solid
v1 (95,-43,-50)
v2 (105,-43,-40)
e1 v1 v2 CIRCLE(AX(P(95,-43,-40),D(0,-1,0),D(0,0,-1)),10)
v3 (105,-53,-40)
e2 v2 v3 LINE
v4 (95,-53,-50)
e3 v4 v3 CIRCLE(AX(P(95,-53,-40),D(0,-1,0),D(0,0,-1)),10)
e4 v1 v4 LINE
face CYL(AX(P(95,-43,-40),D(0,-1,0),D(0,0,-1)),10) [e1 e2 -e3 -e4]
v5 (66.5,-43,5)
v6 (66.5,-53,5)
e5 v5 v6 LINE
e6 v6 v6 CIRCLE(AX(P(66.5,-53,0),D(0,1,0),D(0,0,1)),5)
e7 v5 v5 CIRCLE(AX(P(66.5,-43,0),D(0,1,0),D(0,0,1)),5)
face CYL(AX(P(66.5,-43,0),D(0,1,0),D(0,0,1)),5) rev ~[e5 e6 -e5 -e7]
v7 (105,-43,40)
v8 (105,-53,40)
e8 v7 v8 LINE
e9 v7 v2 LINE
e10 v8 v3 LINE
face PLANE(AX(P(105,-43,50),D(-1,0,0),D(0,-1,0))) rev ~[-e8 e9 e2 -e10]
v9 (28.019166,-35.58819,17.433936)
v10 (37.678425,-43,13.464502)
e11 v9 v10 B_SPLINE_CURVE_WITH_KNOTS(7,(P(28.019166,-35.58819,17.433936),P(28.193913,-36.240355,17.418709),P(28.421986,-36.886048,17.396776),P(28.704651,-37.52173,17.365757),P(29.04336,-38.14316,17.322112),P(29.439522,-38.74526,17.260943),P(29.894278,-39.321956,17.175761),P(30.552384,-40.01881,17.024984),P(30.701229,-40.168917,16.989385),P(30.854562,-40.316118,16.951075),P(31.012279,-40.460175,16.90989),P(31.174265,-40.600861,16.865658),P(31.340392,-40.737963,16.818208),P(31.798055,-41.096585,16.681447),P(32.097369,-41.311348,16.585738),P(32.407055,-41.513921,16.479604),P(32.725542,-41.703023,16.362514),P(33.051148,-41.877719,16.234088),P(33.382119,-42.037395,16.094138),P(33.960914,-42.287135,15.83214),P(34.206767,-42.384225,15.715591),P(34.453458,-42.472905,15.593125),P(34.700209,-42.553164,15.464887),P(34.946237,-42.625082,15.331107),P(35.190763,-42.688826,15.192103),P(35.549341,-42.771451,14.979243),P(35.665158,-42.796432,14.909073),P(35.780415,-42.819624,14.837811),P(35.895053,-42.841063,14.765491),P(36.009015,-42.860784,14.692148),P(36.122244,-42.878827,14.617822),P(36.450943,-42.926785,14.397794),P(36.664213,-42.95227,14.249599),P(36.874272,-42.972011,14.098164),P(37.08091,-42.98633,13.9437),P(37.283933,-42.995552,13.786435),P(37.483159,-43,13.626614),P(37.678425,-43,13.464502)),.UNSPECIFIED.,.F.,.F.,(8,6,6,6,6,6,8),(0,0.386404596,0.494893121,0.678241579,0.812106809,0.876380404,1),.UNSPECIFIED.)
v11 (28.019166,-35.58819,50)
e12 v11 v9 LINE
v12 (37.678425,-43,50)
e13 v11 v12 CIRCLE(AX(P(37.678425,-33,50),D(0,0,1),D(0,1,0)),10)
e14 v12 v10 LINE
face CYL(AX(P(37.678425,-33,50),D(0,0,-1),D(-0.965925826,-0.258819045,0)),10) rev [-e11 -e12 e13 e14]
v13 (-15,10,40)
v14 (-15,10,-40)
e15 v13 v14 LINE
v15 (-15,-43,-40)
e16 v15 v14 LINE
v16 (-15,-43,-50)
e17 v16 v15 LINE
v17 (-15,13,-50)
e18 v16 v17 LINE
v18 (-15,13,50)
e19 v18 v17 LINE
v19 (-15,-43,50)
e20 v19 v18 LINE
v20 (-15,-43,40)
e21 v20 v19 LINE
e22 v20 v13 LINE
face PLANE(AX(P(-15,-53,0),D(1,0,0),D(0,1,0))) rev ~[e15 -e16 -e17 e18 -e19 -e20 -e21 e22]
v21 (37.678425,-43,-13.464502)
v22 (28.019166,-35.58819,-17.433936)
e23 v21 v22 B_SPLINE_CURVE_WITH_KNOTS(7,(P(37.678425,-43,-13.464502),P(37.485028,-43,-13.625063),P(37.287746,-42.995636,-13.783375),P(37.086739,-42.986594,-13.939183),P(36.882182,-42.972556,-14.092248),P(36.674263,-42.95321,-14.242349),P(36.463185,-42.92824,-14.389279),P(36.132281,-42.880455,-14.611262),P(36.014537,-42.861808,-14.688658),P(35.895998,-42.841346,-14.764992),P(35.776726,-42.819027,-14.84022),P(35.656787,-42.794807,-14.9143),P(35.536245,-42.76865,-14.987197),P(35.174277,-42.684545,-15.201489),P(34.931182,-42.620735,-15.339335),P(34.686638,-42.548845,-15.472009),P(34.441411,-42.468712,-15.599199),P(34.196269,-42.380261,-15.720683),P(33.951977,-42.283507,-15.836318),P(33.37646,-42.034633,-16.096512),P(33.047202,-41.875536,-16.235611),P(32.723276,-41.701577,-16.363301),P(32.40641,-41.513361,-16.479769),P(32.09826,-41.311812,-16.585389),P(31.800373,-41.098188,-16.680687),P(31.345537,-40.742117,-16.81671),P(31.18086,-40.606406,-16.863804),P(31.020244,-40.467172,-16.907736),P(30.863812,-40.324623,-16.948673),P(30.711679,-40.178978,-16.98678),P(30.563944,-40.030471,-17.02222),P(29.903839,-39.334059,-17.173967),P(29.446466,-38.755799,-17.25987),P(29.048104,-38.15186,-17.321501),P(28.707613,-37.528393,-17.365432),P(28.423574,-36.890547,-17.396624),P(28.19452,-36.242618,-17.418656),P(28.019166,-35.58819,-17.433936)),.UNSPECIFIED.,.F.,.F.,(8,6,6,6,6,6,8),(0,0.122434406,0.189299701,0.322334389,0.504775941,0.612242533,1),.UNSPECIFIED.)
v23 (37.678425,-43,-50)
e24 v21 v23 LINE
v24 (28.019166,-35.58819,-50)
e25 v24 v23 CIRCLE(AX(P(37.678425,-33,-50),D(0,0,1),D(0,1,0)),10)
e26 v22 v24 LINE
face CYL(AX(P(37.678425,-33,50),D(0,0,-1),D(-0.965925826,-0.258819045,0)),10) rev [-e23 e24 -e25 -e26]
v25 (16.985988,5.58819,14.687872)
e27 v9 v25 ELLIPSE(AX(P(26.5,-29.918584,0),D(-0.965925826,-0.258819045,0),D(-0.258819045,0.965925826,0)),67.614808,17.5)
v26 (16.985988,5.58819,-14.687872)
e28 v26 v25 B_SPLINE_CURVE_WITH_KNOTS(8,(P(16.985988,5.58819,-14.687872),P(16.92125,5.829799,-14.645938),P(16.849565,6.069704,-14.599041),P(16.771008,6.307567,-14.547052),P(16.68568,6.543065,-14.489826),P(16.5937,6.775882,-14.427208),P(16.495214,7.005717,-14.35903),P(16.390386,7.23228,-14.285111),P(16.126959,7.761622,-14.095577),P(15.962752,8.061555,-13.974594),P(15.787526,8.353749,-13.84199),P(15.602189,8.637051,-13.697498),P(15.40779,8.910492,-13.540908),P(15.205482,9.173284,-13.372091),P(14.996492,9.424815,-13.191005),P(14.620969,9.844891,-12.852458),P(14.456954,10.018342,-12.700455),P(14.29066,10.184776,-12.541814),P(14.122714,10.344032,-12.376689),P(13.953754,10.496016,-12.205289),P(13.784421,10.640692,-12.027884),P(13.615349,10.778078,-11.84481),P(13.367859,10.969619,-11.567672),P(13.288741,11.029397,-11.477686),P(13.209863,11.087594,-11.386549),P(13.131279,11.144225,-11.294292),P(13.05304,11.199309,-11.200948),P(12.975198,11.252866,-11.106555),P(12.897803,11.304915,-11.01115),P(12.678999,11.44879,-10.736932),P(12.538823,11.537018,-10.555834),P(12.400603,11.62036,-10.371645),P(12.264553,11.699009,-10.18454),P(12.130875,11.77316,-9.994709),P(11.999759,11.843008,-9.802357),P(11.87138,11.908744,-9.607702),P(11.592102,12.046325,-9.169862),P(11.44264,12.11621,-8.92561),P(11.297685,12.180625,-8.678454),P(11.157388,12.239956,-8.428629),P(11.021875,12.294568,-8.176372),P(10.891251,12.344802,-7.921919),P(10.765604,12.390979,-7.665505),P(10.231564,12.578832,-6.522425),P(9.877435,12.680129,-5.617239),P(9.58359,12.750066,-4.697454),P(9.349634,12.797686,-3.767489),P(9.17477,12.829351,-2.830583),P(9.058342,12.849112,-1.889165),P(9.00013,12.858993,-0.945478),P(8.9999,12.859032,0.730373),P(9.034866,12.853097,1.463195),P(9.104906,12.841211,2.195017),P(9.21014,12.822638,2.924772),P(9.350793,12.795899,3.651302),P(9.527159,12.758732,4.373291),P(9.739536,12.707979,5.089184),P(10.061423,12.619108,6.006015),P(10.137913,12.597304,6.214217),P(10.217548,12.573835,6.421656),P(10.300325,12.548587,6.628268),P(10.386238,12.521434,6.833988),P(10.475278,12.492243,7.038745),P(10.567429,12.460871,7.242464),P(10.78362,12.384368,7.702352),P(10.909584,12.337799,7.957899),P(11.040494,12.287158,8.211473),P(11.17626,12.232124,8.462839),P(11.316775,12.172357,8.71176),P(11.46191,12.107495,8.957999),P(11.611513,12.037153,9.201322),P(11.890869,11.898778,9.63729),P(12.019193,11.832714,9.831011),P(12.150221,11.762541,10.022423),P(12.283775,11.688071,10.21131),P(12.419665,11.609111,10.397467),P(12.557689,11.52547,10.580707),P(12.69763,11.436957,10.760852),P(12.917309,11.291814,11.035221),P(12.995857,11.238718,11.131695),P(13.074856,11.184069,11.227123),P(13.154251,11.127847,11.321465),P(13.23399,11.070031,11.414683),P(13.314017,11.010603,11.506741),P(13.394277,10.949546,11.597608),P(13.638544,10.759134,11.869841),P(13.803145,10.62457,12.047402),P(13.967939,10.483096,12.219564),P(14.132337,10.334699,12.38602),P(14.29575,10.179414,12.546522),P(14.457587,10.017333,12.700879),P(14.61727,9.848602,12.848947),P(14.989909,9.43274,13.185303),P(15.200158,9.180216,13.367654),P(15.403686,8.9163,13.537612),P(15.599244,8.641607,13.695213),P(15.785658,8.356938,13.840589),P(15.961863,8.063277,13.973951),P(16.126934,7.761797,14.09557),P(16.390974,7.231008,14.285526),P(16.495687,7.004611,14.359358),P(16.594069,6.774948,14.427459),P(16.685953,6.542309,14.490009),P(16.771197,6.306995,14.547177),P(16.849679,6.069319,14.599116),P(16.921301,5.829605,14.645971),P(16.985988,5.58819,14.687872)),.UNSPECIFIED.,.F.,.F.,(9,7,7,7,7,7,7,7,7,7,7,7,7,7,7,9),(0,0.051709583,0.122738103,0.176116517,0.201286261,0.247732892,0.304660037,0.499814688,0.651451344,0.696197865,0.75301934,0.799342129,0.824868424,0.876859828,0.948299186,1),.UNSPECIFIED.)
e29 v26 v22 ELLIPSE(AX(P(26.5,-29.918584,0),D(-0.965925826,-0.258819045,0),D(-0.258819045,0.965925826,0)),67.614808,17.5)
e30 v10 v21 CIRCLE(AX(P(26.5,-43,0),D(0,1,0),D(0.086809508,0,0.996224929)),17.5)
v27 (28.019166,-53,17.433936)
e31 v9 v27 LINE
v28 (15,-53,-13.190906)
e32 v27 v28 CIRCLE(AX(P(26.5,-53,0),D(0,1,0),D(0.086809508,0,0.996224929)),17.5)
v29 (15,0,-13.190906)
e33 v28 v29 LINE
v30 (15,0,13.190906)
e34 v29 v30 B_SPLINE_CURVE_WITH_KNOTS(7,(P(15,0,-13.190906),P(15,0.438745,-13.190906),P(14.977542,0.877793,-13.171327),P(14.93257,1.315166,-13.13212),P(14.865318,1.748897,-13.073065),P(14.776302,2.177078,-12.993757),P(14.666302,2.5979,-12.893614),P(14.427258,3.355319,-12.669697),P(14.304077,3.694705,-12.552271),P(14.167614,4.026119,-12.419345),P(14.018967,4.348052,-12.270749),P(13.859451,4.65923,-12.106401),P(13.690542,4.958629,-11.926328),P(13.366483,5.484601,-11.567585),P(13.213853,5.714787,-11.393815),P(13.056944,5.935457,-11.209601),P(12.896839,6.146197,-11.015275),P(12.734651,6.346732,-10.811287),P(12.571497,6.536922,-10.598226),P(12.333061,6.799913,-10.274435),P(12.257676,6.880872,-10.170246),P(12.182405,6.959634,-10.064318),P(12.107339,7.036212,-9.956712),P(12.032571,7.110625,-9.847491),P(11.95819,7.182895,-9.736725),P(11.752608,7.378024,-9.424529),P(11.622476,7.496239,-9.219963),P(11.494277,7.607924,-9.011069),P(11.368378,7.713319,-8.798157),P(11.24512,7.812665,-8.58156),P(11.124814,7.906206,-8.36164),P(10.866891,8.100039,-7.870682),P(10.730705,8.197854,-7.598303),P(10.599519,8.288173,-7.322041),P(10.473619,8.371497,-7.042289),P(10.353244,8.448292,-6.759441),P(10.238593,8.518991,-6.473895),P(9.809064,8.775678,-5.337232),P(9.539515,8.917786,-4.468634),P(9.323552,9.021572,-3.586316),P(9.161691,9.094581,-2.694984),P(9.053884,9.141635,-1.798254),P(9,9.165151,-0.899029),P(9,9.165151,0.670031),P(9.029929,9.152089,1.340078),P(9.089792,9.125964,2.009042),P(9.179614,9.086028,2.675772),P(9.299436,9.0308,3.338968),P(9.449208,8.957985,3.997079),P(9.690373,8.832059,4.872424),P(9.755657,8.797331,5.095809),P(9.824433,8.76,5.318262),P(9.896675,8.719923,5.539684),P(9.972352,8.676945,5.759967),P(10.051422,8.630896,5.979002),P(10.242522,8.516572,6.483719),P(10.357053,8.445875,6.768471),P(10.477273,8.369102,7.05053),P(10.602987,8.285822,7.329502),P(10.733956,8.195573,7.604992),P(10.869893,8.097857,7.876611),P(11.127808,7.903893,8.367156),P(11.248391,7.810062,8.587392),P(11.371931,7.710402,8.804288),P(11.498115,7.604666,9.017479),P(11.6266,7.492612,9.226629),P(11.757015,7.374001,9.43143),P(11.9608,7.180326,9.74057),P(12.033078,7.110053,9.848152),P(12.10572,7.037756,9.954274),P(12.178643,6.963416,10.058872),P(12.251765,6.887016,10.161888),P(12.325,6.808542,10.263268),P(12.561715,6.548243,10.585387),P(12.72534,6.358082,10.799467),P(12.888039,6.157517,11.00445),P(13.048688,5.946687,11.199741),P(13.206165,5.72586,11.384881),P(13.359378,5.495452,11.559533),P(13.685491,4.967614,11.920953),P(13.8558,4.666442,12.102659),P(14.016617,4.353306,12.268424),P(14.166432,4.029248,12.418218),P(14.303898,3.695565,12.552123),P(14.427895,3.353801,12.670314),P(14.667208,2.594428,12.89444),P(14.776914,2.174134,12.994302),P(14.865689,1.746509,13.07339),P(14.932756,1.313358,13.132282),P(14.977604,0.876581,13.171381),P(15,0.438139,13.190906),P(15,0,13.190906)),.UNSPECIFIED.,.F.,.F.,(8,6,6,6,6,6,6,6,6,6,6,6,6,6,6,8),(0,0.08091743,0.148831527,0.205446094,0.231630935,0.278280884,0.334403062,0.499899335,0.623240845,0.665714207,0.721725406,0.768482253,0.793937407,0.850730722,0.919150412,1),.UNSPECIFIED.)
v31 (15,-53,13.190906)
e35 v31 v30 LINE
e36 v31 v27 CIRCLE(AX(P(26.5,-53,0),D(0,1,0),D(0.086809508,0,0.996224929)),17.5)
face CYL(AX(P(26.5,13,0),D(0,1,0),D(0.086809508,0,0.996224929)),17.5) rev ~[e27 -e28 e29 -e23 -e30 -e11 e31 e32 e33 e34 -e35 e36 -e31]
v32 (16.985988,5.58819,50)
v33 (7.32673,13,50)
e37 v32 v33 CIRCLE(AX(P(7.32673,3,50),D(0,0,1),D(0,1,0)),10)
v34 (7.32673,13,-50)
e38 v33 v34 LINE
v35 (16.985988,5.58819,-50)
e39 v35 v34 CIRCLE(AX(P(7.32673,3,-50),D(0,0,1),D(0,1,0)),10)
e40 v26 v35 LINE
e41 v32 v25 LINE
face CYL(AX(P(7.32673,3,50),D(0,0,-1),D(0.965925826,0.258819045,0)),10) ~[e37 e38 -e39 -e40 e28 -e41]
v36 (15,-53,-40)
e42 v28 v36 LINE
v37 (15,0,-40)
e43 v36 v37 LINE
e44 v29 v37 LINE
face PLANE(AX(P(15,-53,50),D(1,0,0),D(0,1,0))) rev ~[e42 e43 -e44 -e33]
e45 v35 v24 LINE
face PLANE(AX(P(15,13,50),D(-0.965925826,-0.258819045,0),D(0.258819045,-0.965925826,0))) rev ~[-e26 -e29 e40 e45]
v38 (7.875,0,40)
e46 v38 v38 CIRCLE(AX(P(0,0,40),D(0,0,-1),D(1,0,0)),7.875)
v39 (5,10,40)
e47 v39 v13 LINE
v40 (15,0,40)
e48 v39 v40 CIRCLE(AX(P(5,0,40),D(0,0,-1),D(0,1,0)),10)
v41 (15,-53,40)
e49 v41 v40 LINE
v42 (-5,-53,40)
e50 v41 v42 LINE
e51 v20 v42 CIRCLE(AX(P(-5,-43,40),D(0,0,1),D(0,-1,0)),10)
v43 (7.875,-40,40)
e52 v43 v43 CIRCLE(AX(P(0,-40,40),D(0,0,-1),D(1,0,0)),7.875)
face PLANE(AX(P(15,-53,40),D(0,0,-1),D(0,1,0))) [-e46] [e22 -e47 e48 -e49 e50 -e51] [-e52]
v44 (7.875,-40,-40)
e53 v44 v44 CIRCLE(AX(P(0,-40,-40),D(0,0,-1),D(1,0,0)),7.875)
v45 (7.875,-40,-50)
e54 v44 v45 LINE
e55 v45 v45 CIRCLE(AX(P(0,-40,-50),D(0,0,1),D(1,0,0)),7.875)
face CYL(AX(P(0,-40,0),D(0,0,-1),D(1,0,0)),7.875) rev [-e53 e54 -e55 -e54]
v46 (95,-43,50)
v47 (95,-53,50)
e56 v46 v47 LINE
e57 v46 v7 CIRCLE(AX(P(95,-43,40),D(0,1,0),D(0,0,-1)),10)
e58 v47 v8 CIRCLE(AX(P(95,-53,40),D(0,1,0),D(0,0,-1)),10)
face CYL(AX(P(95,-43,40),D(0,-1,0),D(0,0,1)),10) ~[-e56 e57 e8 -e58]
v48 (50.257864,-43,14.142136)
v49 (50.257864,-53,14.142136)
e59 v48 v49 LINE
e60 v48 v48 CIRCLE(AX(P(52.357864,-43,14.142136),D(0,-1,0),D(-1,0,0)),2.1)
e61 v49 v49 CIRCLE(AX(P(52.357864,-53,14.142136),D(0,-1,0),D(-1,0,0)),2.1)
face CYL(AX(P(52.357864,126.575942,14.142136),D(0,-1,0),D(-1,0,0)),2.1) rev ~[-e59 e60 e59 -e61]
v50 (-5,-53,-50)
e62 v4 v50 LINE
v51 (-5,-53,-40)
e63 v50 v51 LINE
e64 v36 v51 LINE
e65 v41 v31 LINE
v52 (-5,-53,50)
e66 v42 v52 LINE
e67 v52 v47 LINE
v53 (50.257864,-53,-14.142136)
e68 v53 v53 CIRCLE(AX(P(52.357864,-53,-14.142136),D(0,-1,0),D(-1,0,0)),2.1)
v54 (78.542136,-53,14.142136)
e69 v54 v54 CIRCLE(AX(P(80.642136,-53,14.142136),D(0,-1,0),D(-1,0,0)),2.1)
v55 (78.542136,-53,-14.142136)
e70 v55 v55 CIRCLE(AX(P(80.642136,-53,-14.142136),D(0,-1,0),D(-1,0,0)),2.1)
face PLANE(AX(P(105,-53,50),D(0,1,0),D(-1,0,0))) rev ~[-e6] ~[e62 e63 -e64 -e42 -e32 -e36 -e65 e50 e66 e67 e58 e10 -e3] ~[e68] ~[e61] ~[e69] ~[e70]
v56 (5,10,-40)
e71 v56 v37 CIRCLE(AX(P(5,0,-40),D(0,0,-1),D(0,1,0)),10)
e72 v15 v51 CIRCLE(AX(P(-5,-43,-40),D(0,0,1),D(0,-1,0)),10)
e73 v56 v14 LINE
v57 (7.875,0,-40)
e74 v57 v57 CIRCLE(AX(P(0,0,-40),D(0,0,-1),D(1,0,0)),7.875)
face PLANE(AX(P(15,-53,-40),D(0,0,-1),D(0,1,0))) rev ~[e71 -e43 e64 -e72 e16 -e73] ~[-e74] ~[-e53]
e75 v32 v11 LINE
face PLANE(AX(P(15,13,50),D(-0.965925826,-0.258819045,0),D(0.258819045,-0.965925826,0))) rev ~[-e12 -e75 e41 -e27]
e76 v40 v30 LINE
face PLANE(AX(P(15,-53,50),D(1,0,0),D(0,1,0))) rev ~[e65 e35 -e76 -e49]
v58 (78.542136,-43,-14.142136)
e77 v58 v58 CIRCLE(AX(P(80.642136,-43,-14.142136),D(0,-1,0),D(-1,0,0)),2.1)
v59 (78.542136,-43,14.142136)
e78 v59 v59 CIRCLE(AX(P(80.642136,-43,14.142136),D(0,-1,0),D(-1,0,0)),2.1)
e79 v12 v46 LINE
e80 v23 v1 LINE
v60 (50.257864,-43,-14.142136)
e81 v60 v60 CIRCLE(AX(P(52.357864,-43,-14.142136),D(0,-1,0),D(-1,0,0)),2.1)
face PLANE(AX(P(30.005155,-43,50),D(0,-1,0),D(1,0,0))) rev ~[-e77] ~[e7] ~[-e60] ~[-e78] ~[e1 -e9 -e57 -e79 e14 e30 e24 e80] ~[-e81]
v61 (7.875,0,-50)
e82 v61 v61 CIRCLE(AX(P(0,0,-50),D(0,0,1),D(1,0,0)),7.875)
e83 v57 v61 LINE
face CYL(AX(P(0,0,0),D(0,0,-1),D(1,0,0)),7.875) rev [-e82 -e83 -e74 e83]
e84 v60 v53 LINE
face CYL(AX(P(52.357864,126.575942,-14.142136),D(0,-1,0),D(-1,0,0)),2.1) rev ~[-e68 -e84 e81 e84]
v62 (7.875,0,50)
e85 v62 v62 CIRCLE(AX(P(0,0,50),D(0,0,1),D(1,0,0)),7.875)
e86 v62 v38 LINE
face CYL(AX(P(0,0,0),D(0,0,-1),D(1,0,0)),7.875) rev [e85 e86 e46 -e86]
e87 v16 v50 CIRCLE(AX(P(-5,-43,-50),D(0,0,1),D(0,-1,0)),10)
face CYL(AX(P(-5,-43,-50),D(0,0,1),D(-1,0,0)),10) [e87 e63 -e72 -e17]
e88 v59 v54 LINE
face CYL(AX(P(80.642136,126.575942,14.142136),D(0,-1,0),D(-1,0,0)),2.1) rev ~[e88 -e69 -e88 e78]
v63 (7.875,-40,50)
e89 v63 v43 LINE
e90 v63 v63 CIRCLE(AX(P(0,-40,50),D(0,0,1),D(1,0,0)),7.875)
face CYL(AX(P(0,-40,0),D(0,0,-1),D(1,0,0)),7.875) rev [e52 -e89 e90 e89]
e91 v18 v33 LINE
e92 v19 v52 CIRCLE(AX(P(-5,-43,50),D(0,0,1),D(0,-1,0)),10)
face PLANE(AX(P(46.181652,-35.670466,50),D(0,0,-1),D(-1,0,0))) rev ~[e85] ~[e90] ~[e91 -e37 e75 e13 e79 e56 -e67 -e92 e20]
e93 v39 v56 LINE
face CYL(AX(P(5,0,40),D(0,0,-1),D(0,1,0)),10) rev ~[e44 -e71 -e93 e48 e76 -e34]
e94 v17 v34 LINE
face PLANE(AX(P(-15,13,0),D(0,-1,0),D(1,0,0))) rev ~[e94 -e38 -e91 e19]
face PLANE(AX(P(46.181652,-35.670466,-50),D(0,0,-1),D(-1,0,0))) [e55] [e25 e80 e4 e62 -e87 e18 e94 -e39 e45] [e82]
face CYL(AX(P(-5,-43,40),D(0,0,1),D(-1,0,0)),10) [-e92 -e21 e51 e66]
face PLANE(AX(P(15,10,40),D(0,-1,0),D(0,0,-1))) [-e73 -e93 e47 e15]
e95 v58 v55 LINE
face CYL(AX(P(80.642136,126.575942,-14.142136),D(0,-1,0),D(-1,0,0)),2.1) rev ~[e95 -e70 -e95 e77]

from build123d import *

# Parameters (mm, degrees)
SKETCH1_W             = 30
SKETCH1_H             = 66
SKETCH1_R             = 7.875
BOSS_EXTRUDE1_DEPTH   = 50
SKETCH2_W             = 80
SKETCH2_H             = 63
CUT_EXTRUDE1_DEPTH    = 79.797208072
BOSS_EXTRUDE2_DEPTH   = 100
SKETCH5_R             = 5
CUT_EXTRUDE2_DEPTH    = 130.077496102
M5X0_8_TAPPED_HOLE1_D = 4.2
FILLET1_R             = 10
SKETCH10_R            = 17.5
CUT_EXTRUDE3_DEPTH    = 134.719856416


with BuildPart() as part:
    # Sketch1 → Boss-Extrude1 (new, symmetric)
    with BuildSketch(Plane.XY):
        with Locations((0, -20)):
            Rectangle(SKETCH1_W, SKETCH1_H)
        Circle(SKETCH1_R, mode=Mode.SUBTRACT)
        with Locations((0, -40)):
            Circle(SKETCH1_R, mode=Mode.SUBTRACT)
    extrude(amount=BOSS_EXTRUDE1_DEPTH, both=True)

    # Sketch2 → Cut-Extrude1 (cut, through all)
    with BuildSketch(Plane(origin=(15, 0, 0), x_dir=(0, 0, -1), z_dir=(1, 0, 0))):
        with Locations((0, -21.5)):
            Rectangle(SKETCH2_W, SKETCH2_H)
    extrude(amount=-CUT_EXTRUDE1_DEPTH, mode=Mode.SUBTRACT)

    # Sketch4 → Boss-Extrude2 (add)
    with BuildSketch(Plane.XY.offset(50)):
        Polygon((15, 13), (30.005154776, -43), (105, -43), (105, -53), (15, -53), align=None)
    extrude(amount=-BOSS_EXTRUDE2_DEPTH)

    # Sketch5 → Cut-Extrude2 (cut, through all)
    with BuildSketch(Plane(origin=(0, -43, 0), x_dir=(1, 0, 0), z_dir=(0, 1, 0))):
        with Locations(Location((66.5, 0, 0), (0, 0, 270))):
            Circle(SKETCH5_R)
    extrude(amount=-CUT_EXTRUDE2_DEPTH, mode=Mode.SUBTRACT)

    # M5x0.8 Tapped Hole1 (through all)
    with Locations(Plane(origin=(0, -43, 0), x_dir=(1, 0, 0), z_dir=(0, 1, 0))):
        with Locations((80.642135624, 14.142135624), (80.642135624, -14.142135624), (52.357864376, 14.142135624), (52.357864376, -14.142135624)):
            Hole(M5X0_8_TAPPED_HOLE1_D / 2)

    # Fillet1
    fillet1_edges = [part.edges().sort_by_distance(p)[0] for p in [
        (15, 13, 0),
        (30.005154776, -43, 0),
        (105, -48, 50),
        (105, -48, -50),
        (-15, -53, -45),
        (-15, -53, 45),
        (15, 10, 0),
    ]]
    fillet(fillet1_edges, radius=FILLET1_R)

    # Sketch10 → Cut-Extrude3 (cut, through all)
    with BuildSketch(Plane(origin=(0, 13, 0), x_dir=(1, 0, 0), z_dir=(0, 1, 0))):
        with Locations(Location((26.5, 0, 0), (0, 0, 274.980086745))):
            Circle(SKETCH10_R)
    extrude(amount=-CUT_EXTRUDE3_DEPTH, mode=Mode.SUBTRACT)


solid = part.part
